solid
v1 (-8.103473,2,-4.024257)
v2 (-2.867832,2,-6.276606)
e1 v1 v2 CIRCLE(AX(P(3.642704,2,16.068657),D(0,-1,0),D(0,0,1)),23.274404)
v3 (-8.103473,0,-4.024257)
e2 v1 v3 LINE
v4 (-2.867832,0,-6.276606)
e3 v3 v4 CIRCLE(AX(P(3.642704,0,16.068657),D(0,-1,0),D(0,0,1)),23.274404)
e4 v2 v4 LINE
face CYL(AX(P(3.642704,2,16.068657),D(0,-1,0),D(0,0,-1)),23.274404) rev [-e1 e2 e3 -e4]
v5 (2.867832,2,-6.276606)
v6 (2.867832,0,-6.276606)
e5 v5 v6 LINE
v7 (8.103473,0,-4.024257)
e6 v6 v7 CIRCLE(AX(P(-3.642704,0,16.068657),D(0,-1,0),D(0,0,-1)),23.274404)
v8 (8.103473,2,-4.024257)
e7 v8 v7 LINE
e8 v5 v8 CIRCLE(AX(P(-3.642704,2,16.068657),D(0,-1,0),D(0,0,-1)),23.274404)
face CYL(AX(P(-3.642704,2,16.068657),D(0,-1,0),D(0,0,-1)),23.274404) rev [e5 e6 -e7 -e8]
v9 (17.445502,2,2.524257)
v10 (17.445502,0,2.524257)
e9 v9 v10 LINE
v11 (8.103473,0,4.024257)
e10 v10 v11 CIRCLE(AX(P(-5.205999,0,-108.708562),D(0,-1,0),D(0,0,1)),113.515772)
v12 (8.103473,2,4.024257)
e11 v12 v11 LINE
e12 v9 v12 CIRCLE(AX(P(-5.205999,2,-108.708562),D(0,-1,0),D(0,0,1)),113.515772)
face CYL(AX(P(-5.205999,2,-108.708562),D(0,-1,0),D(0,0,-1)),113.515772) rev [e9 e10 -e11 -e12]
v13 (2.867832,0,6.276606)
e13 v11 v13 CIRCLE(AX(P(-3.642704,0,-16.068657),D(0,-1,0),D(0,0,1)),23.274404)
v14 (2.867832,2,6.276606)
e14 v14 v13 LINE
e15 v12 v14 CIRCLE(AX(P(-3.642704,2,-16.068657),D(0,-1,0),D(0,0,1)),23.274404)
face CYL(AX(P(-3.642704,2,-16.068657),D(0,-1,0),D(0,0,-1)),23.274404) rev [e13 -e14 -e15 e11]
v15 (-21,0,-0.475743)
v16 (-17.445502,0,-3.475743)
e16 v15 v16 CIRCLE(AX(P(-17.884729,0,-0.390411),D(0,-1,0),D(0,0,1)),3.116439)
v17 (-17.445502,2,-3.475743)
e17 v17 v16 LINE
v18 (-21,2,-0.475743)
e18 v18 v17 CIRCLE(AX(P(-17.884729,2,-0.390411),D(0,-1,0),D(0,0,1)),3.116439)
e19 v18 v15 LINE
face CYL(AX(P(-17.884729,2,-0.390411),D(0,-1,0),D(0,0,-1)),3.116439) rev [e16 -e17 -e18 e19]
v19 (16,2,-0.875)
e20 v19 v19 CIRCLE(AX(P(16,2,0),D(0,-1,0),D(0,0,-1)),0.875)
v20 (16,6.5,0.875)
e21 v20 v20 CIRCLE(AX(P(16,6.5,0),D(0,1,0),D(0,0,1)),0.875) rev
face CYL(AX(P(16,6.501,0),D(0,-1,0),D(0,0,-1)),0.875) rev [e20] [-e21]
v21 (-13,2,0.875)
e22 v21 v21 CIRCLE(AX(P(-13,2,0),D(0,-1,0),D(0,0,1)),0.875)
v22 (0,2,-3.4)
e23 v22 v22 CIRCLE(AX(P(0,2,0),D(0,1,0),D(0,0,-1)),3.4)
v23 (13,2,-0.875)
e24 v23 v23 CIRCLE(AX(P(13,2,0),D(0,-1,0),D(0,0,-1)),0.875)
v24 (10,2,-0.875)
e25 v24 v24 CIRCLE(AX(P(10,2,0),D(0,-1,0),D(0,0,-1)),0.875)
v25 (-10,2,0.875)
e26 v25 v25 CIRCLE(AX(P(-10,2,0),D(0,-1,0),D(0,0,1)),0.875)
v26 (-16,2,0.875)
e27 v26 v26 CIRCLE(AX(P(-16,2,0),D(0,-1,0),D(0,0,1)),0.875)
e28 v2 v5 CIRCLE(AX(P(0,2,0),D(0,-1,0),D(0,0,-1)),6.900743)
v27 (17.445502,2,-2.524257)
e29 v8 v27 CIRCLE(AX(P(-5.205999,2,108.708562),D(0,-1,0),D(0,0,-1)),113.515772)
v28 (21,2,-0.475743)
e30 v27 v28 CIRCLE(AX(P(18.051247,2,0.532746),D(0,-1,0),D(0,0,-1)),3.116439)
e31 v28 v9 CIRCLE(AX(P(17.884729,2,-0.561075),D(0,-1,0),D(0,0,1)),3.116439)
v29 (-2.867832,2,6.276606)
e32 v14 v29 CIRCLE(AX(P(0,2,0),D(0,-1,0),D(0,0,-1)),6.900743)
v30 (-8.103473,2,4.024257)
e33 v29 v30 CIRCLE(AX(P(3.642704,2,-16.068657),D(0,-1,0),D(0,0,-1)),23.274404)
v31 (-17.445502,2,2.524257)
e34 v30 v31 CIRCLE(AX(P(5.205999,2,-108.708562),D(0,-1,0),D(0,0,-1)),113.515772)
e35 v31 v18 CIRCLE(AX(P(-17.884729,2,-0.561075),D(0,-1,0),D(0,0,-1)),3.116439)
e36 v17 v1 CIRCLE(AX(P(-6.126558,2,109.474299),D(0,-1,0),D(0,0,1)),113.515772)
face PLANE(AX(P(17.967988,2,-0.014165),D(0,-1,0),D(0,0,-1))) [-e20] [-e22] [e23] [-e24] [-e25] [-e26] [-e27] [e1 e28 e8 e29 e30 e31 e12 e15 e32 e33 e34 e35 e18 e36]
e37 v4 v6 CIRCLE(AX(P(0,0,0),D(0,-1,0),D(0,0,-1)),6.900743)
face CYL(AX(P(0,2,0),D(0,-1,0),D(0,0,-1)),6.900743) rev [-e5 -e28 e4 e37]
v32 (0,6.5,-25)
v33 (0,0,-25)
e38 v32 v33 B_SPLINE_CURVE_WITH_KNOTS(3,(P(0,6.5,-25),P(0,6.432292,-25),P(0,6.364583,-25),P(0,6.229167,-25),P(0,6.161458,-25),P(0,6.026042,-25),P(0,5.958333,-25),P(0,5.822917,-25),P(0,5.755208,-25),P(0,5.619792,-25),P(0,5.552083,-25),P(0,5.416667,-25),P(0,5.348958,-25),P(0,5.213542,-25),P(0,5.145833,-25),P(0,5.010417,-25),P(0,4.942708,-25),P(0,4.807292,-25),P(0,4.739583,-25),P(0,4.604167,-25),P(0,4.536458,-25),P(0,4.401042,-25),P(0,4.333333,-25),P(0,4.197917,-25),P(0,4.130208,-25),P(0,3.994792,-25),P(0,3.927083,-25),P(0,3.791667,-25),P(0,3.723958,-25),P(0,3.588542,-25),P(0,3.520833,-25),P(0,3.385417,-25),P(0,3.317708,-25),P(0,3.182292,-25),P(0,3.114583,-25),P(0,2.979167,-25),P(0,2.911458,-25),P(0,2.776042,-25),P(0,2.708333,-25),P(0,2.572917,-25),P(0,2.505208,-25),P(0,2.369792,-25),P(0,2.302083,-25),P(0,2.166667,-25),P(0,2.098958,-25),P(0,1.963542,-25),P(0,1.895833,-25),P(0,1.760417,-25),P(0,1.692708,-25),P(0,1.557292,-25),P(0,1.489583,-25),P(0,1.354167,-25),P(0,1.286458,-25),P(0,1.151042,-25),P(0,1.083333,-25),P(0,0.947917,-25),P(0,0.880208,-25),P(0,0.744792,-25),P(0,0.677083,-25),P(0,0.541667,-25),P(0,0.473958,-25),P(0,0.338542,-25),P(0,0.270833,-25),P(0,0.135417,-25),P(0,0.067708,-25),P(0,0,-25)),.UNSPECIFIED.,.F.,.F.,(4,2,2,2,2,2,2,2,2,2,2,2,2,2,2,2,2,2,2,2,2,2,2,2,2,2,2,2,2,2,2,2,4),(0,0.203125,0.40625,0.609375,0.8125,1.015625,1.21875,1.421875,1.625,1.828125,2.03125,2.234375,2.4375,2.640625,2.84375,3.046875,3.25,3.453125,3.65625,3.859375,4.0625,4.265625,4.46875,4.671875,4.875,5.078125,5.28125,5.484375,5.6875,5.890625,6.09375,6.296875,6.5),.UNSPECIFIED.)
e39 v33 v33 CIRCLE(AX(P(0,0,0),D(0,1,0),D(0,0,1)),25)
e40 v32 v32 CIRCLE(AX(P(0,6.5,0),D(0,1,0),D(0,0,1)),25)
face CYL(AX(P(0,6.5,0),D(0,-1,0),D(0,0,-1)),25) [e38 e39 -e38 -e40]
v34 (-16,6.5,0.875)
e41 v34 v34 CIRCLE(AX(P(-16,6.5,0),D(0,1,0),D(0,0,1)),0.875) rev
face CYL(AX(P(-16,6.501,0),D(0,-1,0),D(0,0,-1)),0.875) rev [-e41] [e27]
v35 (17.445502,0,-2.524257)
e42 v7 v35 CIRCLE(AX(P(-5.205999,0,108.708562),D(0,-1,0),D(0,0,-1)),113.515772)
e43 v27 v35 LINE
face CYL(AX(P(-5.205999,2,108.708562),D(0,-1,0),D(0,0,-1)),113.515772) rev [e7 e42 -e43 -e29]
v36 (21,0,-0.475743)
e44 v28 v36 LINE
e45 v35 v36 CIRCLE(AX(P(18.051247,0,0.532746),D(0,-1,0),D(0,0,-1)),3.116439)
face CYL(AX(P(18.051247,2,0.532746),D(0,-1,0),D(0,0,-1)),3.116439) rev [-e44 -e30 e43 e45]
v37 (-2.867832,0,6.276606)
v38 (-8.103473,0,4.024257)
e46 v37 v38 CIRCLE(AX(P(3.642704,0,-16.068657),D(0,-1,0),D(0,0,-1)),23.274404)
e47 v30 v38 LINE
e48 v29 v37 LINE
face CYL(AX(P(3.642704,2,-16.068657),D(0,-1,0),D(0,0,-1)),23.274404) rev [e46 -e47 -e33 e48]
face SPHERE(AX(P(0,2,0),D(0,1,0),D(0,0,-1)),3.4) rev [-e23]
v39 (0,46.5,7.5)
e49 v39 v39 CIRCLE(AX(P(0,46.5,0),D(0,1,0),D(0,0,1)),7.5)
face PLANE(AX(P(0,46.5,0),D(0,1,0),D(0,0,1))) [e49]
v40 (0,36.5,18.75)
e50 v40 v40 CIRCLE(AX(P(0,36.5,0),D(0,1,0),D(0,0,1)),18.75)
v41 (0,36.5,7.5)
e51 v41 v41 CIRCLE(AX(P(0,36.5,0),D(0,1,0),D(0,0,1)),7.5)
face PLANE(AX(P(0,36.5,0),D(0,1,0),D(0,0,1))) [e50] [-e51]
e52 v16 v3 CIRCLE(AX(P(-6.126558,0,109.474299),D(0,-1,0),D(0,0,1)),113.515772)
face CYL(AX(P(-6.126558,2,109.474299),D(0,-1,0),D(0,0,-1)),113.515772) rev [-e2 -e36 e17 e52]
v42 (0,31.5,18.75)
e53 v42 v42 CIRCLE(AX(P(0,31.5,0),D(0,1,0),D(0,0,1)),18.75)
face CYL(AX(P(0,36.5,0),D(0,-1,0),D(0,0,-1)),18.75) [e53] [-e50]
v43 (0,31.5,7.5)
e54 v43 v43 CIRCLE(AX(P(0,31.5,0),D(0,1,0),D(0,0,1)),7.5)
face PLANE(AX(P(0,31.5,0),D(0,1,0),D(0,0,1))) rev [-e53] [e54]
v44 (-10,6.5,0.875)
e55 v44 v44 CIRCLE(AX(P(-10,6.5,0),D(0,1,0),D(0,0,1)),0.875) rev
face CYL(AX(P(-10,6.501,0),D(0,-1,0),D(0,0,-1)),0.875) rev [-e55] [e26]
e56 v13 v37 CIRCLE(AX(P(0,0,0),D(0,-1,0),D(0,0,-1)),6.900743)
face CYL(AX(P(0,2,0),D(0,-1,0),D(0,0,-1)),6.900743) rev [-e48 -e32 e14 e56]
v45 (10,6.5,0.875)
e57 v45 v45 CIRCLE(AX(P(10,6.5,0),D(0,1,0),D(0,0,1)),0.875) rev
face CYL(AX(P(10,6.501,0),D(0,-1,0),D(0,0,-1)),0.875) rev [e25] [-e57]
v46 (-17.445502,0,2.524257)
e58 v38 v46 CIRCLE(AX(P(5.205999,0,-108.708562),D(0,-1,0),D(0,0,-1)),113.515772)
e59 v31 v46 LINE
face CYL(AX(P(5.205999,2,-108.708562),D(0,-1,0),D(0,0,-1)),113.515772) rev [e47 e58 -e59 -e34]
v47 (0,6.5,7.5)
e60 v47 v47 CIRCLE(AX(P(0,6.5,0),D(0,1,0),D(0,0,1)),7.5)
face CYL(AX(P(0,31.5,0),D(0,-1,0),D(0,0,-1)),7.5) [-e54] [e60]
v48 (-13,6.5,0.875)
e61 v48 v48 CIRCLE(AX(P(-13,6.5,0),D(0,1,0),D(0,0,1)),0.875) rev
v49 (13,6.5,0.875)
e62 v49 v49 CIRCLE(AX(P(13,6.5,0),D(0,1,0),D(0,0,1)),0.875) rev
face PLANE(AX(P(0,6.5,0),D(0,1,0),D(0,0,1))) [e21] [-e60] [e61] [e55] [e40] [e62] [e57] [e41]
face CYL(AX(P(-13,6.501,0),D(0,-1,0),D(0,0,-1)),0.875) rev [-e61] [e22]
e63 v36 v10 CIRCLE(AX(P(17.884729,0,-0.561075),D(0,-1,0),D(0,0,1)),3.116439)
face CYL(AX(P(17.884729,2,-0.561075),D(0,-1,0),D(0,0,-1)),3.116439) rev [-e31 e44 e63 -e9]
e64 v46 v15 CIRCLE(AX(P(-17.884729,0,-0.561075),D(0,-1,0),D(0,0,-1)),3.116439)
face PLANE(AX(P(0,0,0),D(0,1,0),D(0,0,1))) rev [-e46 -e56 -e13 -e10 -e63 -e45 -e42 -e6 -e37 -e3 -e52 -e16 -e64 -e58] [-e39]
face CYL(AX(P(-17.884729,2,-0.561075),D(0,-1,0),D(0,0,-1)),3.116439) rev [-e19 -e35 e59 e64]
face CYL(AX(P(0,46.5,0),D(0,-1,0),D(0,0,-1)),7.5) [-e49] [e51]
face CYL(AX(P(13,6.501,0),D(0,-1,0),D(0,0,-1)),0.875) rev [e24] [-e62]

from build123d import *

# Parameters (mm, degrees)
SKETCH1_R             = 25
BOSS_EXTRUDE1_DEPTH   = 6.5
HORN_HOLE_DEPTH       = 2
SCREW_HOLES_REACH     = 37.641
SKETCH9_R             = 0.875
SKETCH11_R            = 7.5
BOSS_EXTRUDE2_DEPTH   = 25
SKETCH12_R            = 18.75
BOSS_EXTRUDE3_DEPTH   = 5
SCREW_HEAD_HOLE_ANGLE = 180
BOSS_EXTRUDE4_START   = 30
SKETCH11_2_R          = 7.5
BOSS_EXTRUDE4_DEPTH   = 10


with BuildPart() as part:
    # Sketch1 → Boss-Extrude1 (new body)
    with BuildSketch(Plane(origin=(0, 0, 0), x_dir=(1, 0, 0), z_dir=(0, 1, 0))):
        with Locations(Location((0, 0, 0), (0, 0, 90))):
            Circle(SKETCH1_R)
    extrude(amount=BOSS_EXTRUDE1_DEPTH)

    # Sketch8 → Horn Hole (cut)
    with BuildSketch(Plane.XZ):
        with BuildLine():
            ThreePointArc((2.867832451, 6.276606431), (5.55485913, 5.311303559), (8.103473198, 4.024257195))
            ThreePointArc((8.103473198, 4.024257195), (12.790122891, 3.37163327), (17.445502266, 2.524257195))
            ThreePointArc((17.445502266, 2.524257195), (19.894779582, 1.820498395), (21, -0.475742805))
            ThreePointArc((21, -0.475742805), (19.60737188, -2.167378066), (17.445502266, -2.524257195))
            ThreePointArc((17.445502266, -2.524257195), (12.790122891, -3.37163327), (8.103473198, -4.024257195))
            ThreePointArc((8.103473198, -4.024257195), (5.55485913, -5.311303559), (2.867832451, -6.276606431))
            ThreePointArc((2.867832451, -6.276606431), (0, -6.900742805), (-2.867832451, -6.276606431))
            ThreePointArc((-2.867832451, -6.276606431), (-5.55485913, -5.311303559), (-8.103473198, -4.024257195))
            ThreePointArc((-8.103473198, -4.024257195), (-12.780142502, -3.846309279), (-17.445502266, -3.475742805))
            ThreePointArc((-17.445502266, -3.475742805), (-19.894779582, -2.771984005), (-21, -0.475742805))
            ThreePointArc((-21, -0.475742805), (-19.894779582, 1.820498395), (-17.445502266, 2.524257195))
            ThreePointArc((-17.445502266, 2.524257195), (-12.790122891, 3.37163327), (-8.103473198, 4.024257195))
            ThreePointArc((-8.103473198, 4.024257195), (-5.55485913, 5.311303559), (-2.867832451, 6.276606431))
            ThreePointArc((-2.867832451, 6.276606431), (0, 6.900742805), (2.867832451, 6.276606431))
        make_face()
    extrude(amount=-HORN_HOLE_DEPTH, mode=Mode.SUBTRACT)

    # Sketch9 → Screw Holes (cut, up to next)
    with BuildSketch(Plane.XZ.offset(-2), mode=Mode.PRIVATE) as screw_holes_sk1:
        with Locations(Location((10, 0, 0), (0, 0, 270))):
            Circle(SKETCH9_R)
    screw_holes_tool1 = extrude(screw_holes_sk1.sketch, amount=-SCREW_HOLES_REACH, mode=Mode.PRIVATE) & part.part
    # Sketch9 → Screw Holes (cut, up to next)
    with BuildSketch(Plane.XZ.offset(-2), mode=Mode.PRIVATE) as screw_holes_sk2:
        with Locations(Location((13, 0, 0), (0, 0, 270))):
            Circle(SKETCH9_R)
    screw_holes_tool2 = extrude(screw_holes_sk2.sketch, amount=-SCREW_HOLES_REACH, mode=Mode.PRIVATE) & part.part
    # Sketch9 → Screw Holes (cut, up to next)
    with BuildSketch(Plane.XZ.offset(-2), mode=Mode.PRIVATE) as screw_holes_sk3:
        with Locations(Location((16, 0, 0), (0, 0, 270))):
            Circle(SKETCH9_R)
    screw_holes_tool3 = extrude(screw_holes_sk3.sketch, amount=-SCREW_HOLES_REACH, mode=Mode.PRIVATE) & part.part
    # Sketch9 → Screw Holes (cut, up to next)
    with BuildSketch(Plane.XZ.offset(-2), mode=Mode.PRIVATE) as screw_holes_sk4:
        with Locations(Location((-10, 0, 0), (0, 0, 90))):
            Circle(SKETCH9_R)
    screw_holes_tool4 = extrude(screw_holes_sk4.sketch, amount=-SCREW_HOLES_REACH, mode=Mode.PRIVATE) & part.part
    # Sketch9 → Screw Holes (cut, up to next)
    with BuildSketch(Plane.XZ.offset(-2), mode=Mode.PRIVATE) as screw_holes_sk5:
        with Locations(Location((-13, 0, 0), (0, 0, 90))):
            Circle(SKETCH9_R)
    screw_holes_tool5 = extrude(screw_holes_sk5.sketch, amount=-SCREW_HOLES_REACH, mode=Mode.PRIVATE) & part.part
    # Sketch9 → Screw Holes (cut, up to next)
    with BuildSketch(Plane.XZ.offset(-2), mode=Mode.PRIVATE) as screw_holes_sk6:
        with Locations(Location((-16, 0, 0), (0, 0, 90))):
            Circle(SKETCH9_R)
    screw_holes_tool6 = extrude(screw_holes_sk6.sketch, amount=-SCREW_HOLES_REACH, mode=Mode.PRIVATE) & part.part
    add(screw_holes_tool1.solids().sort_by_distance((10, 2, 0))[0], mode=Mode.SUBTRACT)
    add(screw_holes_tool2.solids().sort_by_distance((13, 2, 0))[0], mode=Mode.SUBTRACT)
    add(screw_holes_tool3.solids().sort_by_distance((16, 2, 0))[0], mode=Mode.SUBTRACT)
    add(screw_holes_tool4.solids().sort_by_distance((-10, 2, 0))[0], mode=Mode.SUBTRACT)
    add(screw_holes_tool5.solids().sort_by_distance((-13, 2, 0))[0], mode=Mode.SUBTRACT)
    add(screw_holes_tool6.solids().sort_by_distance((-16, 2, 0))[0], mode=Mode.SUBTRACT)

    # Sketch11 → Boss-Extrude2 (add)
    with BuildSketch(Plane(origin=(0, 6.5, 0), x_dir=(1, 0, 0), z_dir=(0, 1, 0))):
        with Locations(Location((0, 0, 0), (0, 0, 270))):
            Circle(SKETCH11_R)
    extrude(amount=BOSS_EXTRUDE2_DEPTH)

    # Sketch12 → Boss-Extrude3 (add)
    with BuildSketch(Plane(origin=(0, 31.5, 0), x_dir=(1, 0, 0), z_dir=(0, 1, 0))):
        with Locations(Location((0, 0, 0), (0, 0, 270))):
            Circle(SKETCH12_R)
    extrude(amount=BOSS_EXTRUDE3_DEPTH)

    # Sketch13 → Screw Head Hole (revolve, cut)
    with BuildSketch(Plane.XZ.offset(-2)):
        with BuildLine():
            Line((3.4, 0), (-3.4, 0))
            ThreePointArc((-3.4, 0), (0, -3.4), (3.4, 0))
        make_face()
    revolve(axis=Axis((3.4, 2, 0), (1, 0, 0)), revolution_arc=SCREW_HEAD_HOLE_ANGLE, mode=Mode.SUBTRACT)

    # Sketch11<2> → Boss-Extrude4 (add)
    with BuildSketch(Plane(origin=(0, 6.5, 0), x_dir=(1, 0, 0), z_dir=(0, 1, 0)).offset(BOSS_EXTRUDE4_START)):
        with Locations(Location((0, 0, 0), (0, 0, 270))):
            Circle(SKETCH11_2_R)
    extrude(amount=BOSS_EXTRUDE4_DEPTH)


solid = part.part
